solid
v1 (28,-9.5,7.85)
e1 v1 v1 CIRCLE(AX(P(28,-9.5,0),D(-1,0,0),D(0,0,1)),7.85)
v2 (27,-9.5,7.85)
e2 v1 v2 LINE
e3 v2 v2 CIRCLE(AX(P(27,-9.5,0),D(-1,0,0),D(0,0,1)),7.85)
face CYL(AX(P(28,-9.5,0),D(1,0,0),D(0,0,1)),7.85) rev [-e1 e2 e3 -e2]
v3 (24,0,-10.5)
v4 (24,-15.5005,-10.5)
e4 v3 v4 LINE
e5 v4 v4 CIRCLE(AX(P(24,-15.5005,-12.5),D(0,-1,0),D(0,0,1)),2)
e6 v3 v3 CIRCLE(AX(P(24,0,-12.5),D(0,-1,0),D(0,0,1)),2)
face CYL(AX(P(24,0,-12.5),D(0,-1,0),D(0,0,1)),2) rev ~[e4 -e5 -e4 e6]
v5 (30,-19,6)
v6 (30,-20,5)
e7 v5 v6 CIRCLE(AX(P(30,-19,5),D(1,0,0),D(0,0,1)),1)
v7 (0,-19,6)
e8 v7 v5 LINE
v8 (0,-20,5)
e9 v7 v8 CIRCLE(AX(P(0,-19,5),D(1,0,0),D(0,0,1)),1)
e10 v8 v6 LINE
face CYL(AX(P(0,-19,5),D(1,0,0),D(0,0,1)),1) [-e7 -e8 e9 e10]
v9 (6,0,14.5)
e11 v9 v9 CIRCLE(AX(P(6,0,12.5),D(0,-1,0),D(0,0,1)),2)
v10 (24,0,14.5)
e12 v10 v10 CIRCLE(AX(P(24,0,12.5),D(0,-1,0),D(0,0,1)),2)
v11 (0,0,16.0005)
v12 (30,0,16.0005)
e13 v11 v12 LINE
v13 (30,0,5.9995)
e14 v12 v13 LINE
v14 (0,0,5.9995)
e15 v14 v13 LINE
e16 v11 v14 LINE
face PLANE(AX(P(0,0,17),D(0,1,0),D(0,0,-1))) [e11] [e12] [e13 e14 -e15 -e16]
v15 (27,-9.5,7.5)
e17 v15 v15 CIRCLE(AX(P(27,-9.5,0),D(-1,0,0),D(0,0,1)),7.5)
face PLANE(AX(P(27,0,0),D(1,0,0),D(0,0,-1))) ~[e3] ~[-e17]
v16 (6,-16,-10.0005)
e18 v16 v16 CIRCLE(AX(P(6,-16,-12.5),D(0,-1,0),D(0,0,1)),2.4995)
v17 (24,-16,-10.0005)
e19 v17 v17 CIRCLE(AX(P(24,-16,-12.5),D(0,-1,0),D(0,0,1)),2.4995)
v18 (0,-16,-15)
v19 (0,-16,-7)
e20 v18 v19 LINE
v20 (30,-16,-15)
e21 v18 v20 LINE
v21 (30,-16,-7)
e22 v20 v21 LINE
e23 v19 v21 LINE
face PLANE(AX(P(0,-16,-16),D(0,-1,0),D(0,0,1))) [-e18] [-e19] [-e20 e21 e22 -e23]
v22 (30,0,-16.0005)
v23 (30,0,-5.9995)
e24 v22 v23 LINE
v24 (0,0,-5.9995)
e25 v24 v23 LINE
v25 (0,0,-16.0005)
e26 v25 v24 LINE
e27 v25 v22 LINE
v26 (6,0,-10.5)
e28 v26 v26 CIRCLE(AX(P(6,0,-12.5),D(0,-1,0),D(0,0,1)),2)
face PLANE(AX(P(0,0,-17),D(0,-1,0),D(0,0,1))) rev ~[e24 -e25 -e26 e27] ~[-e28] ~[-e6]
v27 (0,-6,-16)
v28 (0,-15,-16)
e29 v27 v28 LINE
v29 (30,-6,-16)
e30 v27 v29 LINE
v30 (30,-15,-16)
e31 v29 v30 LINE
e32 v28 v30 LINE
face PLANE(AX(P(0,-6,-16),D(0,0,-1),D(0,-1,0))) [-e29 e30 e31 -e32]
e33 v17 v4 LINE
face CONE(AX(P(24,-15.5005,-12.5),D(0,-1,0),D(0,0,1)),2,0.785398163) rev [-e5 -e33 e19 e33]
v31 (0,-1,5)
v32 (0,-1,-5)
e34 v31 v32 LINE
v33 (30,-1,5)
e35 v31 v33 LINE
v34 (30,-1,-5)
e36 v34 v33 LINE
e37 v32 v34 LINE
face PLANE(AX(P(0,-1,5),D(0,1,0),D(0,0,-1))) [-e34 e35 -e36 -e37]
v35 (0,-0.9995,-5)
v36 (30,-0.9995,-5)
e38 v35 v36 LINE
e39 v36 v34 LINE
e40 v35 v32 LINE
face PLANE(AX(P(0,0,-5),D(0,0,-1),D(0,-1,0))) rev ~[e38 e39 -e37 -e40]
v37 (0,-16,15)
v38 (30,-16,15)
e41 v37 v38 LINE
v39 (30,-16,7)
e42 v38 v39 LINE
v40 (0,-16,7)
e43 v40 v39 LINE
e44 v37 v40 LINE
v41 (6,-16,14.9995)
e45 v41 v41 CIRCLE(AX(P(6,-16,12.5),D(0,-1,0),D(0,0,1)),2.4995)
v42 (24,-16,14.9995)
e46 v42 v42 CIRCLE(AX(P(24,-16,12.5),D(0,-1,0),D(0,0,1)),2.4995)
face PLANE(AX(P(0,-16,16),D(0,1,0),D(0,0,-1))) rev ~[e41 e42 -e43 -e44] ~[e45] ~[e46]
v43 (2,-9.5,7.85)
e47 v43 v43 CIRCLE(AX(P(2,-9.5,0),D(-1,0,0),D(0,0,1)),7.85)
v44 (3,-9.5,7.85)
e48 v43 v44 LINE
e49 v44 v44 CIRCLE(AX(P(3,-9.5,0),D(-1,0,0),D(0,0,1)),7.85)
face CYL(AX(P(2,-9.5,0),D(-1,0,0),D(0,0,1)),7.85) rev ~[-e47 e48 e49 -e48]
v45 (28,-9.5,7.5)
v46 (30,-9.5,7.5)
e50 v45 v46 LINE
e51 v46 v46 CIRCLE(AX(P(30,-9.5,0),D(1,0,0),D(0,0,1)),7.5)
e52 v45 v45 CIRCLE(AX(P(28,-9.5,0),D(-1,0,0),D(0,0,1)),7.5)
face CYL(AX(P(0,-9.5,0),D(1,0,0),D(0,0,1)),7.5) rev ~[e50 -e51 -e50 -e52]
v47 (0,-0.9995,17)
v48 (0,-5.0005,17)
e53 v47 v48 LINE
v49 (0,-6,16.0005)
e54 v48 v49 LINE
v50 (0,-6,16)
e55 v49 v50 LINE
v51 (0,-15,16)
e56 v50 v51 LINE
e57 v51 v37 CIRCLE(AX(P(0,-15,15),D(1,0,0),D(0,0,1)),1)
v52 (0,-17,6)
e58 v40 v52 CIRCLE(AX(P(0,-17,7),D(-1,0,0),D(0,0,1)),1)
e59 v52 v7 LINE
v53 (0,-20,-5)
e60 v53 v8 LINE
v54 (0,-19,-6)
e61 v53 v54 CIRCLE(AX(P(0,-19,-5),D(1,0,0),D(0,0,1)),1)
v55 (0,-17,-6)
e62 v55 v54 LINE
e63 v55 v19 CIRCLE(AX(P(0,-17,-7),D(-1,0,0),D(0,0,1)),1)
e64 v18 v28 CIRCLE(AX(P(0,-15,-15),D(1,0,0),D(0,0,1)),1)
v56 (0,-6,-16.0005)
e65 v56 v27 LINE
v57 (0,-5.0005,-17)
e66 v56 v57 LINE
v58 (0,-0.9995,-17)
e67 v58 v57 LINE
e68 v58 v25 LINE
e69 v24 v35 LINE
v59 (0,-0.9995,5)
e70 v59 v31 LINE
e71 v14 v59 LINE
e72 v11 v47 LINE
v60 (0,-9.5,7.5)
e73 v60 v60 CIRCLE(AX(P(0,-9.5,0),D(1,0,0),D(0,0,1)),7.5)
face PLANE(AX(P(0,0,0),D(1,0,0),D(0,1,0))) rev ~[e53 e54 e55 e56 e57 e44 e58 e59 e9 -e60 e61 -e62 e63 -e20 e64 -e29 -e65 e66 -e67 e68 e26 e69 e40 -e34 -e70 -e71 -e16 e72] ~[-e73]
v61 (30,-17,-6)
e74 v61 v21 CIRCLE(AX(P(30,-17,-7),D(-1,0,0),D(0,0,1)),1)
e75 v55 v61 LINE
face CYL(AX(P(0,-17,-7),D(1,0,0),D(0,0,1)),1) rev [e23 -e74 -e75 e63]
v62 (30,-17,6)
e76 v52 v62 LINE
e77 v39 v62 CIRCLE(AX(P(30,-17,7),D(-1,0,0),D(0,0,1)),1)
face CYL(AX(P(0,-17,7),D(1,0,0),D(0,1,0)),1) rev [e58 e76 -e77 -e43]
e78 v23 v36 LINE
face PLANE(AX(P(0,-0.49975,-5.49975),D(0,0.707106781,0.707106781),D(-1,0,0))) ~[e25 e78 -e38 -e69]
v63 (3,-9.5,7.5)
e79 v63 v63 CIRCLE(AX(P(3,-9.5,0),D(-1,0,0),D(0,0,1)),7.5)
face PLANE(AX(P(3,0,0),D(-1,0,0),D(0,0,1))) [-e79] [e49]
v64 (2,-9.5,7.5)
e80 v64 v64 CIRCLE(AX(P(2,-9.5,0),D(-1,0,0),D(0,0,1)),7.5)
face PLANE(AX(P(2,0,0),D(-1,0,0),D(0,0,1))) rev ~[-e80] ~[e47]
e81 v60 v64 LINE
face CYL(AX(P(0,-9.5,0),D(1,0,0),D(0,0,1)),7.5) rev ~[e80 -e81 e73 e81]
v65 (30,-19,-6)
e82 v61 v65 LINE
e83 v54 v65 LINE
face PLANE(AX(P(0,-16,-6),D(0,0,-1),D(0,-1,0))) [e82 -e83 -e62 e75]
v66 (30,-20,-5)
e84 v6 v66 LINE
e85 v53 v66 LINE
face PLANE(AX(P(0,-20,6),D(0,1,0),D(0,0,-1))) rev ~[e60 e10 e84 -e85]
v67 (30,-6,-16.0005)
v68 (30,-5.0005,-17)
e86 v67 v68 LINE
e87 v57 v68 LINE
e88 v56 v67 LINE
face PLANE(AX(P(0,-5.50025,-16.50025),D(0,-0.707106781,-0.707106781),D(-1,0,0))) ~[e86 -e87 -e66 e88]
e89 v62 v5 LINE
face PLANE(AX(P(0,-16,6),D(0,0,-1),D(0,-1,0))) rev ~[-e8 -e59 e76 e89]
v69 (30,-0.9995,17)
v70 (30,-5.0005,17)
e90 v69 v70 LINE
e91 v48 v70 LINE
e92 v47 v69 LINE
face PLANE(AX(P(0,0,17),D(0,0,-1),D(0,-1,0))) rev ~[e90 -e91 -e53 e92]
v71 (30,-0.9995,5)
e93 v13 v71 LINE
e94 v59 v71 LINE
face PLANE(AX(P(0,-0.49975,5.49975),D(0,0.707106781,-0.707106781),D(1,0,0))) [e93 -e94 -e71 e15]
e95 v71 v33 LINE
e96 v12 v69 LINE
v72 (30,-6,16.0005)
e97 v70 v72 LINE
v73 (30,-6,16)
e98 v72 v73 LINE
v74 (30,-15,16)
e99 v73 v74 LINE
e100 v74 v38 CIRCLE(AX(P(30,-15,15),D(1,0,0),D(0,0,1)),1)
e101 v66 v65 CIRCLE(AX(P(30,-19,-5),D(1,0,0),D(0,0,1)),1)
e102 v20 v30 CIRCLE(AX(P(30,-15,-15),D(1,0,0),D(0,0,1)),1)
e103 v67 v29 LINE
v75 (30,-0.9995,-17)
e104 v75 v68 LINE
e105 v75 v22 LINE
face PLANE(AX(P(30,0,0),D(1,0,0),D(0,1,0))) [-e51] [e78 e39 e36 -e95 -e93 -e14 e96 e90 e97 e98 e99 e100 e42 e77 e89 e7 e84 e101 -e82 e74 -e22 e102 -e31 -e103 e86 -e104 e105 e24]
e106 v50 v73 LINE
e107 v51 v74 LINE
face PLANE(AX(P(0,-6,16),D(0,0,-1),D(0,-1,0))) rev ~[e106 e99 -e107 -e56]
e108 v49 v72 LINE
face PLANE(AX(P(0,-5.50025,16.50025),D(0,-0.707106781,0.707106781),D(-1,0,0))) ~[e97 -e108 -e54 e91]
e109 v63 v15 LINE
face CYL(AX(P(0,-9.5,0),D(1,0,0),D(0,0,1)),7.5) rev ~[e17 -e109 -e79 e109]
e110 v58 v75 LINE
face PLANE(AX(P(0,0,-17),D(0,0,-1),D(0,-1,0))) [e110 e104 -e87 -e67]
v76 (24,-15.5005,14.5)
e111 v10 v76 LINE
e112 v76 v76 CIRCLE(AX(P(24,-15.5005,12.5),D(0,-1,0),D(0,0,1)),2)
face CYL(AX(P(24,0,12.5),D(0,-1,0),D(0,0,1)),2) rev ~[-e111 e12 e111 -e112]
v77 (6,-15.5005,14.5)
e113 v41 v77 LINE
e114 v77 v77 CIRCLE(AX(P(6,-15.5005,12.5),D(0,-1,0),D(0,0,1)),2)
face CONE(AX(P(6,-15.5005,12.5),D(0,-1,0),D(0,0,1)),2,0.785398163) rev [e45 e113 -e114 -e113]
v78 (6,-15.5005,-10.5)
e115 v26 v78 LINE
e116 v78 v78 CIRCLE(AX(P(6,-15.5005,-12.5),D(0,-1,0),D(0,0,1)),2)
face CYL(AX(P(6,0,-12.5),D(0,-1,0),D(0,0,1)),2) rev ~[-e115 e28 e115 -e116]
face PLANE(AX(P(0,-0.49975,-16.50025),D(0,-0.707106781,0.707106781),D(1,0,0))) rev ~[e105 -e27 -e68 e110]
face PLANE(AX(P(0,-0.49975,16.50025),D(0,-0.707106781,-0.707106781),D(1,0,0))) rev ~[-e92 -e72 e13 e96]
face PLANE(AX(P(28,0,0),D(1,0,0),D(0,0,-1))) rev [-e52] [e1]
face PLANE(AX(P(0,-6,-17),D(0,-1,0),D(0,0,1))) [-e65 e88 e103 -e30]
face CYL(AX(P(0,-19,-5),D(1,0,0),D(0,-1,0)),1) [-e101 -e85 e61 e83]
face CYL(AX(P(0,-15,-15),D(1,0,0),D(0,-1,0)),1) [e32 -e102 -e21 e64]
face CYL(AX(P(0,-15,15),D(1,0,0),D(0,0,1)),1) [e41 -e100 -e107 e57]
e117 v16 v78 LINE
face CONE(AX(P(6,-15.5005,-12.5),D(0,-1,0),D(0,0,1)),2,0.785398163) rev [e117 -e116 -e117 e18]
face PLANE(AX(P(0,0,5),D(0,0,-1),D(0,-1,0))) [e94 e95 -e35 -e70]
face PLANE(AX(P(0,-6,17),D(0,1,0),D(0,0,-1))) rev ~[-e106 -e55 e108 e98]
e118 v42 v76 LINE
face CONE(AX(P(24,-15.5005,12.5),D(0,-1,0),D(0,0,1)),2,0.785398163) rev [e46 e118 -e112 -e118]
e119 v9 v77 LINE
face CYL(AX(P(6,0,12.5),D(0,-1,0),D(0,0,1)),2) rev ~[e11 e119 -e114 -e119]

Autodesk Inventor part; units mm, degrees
ref_plane "YZ Plane" through (0, 0, 0) normal (1, 0, 0) x (0, 1, 0)
sketch "Szkic1" plane through (0, 0, 0) normal (1, 0, 0) x (0, 1, 0)
  line L0 (0, 17) -> (-6, 17)
  line L1 (-6, 17) -> (-6, 16)
  line L2 (-6, 16) -> (-16, 16)
  line L3 (-16, 16) -> (-16, 6)
  line L4 (-16, 6) -> (-20, 6)
  line L5 (-20, 6) -> (-20, 0)
  line L6 (0, 17) -> (0, 5)
  line L7 (0, 5) -> (-1, 5)
  line L8 (-1, 5) -> (-1, 0)
  line L9 (-1, 0) -> (-20, 0) construction
  line L10 (0, -17) -> (-6, -17)
  line L11 (-6, -17) -> (-6, -16)
  line L12 (-6, -16) -> (-16, -16)
  line L13 (-16, -16) -> (-16, -6)
  line L14 (-16, -6) -> (-20, -6)
  line L15 (-20, -6) -> (-20, 0)
  line L16 (0, -17) -> (0, -5)
  line L17 (0, -5) -> (-1, -5)
  line L18 (-1, -5) -> (-1, 0)
  point P0 (0, 0)
  dimension "d0" = 17
  dimension "d1" = 6
  dimension "d2" = 1
  dimension "d3" = 10
  dimension "d4" = 10
  dimension "d5" = 4
  dimension "d40" = 12
  dimension "d41" = 1
  dimension "d43" = 6
extrude "Wyciągnięcie proste1" add sketch "Szkic1" along normal blind 30
ref_plane "Płaszczyzna konstrukcyjna2" through (2, 0, 0) normal (-1, 0, 0) x (0, 0, 1)
ref_plane "Płaszczyzna konstrukcyjna3" through (15, 0, 0) normal (-1, 0, 0) x (0, 0, 1)
sketch "Szkic7" plane through (0, 0, 0) normal (-1, 0, 0) x (0, 0, 1)
  line L0 (6, -20) -> (-6, -20) projected
  point P0 (0, 0)
  point P1 (0, -9.5)
  dimension "d44" = 10.5
hole "Otwór3" at (0, -9.5, 0) direction (1, 0, 0) diameter 15 end through all
sketch "Szkic8" plane through (2, 0, 0) normal (-1, 0, 0) x (0, 0, 1)
  circle A0 centre (0, -9.5) radius 7.5 projected
  circle A1 centre (0, -9.5) radius 7.85
  point P0 (0, 0)
  dimension "d52" = 15.7
extrude "Wyciągnięcie proste4" cut sketch "Szkic8" against normal blind 1
mirror "Odbij2" about plane through (15, 0, 0) normal (-1, 0, 0) of "Wyciągnięcie proste4"
sketch "Szkic9" plane through (0, 0, 17) normal (0, 1, 0) x (1, 0, 0)
  line L0 (0, 0) -> (30, 0) projected
  line L1 (30, 12) -> (30, 0) projected
  point P0 (0, 17)
  point P1 (24, 29.5)
  point P2 (24, 4.5)
  point P3 (6, 4.5)
  point P4 (6, 29.5)
  dimension "d55" = 18
  dimension "d56" = 25
  dimension "d57" = 4.5
  dimension "d58" = 6
chamfer "Faza2" distance 1 angle 45 6 edges at (15, 0, 5) (15, 0, -5) (15, 0, 17) (15, 0, -17) (15, -6, -17) (15, -6, 17)
fillet "Zaokrąglenie2" radius 1 6 edges at (15, -16, 16) (15, -20, 6) (15, -20, -6) (15, -16, -16) (15, -16, 6) (15, -16, -6)
hole "Otwór5" at (24, 0, -12.5) at (24, 0, 12.5) at (6, 0, 12.5) at (6, 0, -12.5) direction (0, -1, 0) diameter 4 end through all
chamfer "Faza3" distance 0.5 angle 45 4 edges at (24, -16, 10.5) (6, -16, 10.5) (24, -16, -14.5) (6, -16, -14.5)
properties part number "16_obudowa łożyska"
